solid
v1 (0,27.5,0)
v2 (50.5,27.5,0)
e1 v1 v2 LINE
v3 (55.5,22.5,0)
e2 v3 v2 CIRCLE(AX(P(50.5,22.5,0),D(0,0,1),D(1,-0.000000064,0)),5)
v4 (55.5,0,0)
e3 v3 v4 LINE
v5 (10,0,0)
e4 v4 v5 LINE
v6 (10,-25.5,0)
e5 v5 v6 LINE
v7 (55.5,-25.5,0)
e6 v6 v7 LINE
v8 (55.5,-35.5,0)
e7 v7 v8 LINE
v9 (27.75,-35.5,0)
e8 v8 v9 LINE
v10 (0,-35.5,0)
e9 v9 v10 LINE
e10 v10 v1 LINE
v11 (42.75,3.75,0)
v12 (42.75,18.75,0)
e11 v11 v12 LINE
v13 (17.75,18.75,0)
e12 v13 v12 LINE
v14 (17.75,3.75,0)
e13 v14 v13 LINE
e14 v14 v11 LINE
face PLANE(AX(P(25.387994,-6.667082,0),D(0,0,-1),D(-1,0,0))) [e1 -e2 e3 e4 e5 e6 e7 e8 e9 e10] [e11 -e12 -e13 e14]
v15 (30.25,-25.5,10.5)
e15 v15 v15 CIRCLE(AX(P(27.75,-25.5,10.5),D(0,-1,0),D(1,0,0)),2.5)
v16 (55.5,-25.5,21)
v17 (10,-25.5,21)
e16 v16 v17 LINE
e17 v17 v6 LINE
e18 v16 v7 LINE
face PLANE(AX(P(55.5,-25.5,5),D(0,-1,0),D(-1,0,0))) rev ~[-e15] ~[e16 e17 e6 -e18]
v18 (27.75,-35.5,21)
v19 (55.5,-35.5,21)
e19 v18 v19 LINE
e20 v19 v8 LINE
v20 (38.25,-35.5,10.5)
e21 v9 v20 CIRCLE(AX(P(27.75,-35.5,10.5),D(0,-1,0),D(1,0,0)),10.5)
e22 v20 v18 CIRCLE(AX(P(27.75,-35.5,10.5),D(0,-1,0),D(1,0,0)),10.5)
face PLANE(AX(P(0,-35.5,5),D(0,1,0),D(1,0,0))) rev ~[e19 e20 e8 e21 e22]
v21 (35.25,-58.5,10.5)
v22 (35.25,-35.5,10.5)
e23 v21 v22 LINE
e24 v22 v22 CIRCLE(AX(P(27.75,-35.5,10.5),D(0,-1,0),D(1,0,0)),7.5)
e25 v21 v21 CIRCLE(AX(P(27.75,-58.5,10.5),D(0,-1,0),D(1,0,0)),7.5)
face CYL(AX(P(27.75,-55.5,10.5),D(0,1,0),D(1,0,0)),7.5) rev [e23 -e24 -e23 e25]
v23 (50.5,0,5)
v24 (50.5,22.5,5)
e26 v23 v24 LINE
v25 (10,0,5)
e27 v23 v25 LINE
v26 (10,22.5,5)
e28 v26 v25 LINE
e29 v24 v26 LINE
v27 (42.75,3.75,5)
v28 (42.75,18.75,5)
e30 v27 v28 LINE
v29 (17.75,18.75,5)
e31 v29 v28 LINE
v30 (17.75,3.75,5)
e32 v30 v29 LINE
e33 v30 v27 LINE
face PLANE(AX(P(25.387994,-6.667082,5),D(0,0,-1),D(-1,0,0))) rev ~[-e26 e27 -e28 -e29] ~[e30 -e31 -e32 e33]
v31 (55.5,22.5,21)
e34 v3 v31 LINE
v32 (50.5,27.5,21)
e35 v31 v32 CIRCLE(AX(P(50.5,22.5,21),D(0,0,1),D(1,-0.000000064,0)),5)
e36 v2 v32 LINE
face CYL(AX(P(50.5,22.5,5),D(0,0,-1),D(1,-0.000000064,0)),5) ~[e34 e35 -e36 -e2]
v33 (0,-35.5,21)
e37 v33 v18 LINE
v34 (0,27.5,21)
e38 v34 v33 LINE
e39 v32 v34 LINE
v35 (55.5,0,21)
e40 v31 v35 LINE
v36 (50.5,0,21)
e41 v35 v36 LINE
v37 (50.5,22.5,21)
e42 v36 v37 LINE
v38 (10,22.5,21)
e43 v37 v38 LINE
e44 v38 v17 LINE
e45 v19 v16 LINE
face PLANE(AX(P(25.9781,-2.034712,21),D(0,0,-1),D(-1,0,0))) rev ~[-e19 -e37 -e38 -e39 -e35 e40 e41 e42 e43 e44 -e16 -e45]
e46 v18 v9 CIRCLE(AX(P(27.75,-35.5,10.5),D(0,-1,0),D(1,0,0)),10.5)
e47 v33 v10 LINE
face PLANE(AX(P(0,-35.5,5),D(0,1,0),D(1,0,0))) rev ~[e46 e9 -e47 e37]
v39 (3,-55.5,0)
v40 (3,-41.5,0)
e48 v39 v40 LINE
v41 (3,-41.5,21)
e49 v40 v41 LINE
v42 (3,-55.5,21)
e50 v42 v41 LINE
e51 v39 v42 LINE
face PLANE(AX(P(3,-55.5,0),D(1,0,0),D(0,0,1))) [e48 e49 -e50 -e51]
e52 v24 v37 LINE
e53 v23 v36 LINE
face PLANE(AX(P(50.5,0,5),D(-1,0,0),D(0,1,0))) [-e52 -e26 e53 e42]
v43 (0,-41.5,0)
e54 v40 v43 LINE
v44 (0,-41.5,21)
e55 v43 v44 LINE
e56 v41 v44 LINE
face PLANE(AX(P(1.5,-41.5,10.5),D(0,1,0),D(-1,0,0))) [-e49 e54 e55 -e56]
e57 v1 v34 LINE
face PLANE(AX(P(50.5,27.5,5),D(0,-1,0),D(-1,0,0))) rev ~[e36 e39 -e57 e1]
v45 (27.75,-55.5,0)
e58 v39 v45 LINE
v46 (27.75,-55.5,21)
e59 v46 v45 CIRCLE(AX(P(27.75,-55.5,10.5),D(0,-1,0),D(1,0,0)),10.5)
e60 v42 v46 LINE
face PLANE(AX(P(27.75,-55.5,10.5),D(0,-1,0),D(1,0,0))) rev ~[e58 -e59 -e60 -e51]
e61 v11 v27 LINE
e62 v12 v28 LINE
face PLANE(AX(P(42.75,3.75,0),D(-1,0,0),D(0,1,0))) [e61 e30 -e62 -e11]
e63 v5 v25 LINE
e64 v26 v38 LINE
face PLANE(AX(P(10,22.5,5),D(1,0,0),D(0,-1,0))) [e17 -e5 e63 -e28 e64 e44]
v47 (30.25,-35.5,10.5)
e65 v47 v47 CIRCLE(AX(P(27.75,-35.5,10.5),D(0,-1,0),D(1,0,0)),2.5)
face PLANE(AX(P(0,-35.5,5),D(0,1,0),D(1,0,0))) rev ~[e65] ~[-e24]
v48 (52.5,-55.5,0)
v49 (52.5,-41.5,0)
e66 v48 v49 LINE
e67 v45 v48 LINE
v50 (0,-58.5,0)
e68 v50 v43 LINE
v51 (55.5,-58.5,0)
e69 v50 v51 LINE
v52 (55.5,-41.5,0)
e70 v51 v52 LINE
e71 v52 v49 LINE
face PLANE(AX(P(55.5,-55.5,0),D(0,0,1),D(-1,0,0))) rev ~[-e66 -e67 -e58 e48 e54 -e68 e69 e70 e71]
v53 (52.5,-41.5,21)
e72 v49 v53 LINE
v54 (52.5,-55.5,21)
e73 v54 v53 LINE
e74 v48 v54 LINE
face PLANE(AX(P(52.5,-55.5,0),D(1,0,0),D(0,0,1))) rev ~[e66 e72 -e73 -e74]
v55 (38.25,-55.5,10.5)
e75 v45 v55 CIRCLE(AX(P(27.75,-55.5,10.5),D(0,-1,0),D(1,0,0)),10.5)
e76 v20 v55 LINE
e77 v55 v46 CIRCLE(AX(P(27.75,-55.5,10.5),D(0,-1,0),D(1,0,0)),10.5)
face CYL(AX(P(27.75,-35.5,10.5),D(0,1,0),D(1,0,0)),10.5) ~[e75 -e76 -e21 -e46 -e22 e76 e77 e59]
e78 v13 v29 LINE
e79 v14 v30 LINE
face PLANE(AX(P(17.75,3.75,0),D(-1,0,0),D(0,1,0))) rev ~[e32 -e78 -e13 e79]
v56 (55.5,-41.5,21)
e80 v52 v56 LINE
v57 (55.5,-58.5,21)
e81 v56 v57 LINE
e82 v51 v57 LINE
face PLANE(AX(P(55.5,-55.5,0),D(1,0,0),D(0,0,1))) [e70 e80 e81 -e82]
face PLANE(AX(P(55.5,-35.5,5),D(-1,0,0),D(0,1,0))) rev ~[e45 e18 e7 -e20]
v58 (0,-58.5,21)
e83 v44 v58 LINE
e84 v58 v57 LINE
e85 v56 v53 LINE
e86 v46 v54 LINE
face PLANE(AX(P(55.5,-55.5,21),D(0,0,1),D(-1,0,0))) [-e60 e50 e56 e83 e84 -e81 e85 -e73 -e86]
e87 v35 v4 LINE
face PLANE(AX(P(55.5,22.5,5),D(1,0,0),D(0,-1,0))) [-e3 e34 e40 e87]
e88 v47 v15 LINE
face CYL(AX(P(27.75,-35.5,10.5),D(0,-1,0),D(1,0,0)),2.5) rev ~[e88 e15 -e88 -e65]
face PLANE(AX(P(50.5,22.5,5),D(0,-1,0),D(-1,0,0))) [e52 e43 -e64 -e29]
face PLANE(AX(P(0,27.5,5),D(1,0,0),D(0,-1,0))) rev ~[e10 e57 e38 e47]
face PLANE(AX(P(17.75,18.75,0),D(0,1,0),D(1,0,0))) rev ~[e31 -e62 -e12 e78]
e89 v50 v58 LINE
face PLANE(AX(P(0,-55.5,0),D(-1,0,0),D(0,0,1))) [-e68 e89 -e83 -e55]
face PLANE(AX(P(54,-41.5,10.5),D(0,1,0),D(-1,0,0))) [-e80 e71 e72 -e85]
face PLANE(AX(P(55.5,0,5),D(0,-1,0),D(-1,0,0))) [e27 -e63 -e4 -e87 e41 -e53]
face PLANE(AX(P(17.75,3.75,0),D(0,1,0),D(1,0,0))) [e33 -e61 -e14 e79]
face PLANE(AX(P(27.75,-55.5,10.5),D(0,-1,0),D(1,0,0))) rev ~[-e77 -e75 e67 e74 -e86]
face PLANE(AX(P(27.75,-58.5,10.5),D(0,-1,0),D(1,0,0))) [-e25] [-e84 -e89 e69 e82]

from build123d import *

# Parameters (mm, degrees)
SKETCH_W      = 25
SKETCH_H      = 15
PAD_DEPTH     = 5
PAD001_DEPTH  = 16
SKETCH002_R   = 2.5
POCKET_DEPTH  = 15
SKETCH003_R   = 10.5
SKETCH003_R_2 = 7.5
PAD002_DEPTH  = 20
SKETCH004_W   = 55.5
SKETCH004_H   = 21
SKETCH004_R   = 7.5
PAD003_DEPTH  = 3
SKETCH005_W   = 3
SKETCH005_H   = 21
PAD004_DEPTH  = 14


with BuildPart() as part:
    # Sketch → Pad (new body)
    with BuildSketch(Plane.XY):
        with BuildLine():
            Line((0, -35.5), (0, 27.5))
            Line((0, 27.5), (50.5, 27.5))
            ThreePointArc((55.5, 22.5), (54.035534, 26.035534), (50.5, 27.5))
            Line((55.5, 22.5), (55.5, 0))
            Line((55.5, 0), (10, 0))
            Line((10, 0), (10, -25.5))
            Line((10, -25.5), (55.5, -25.5))
            Line((55.5, -25.5), (55.5, -35.5))
            Line((55.5, -35.5), (0, -35.5))
        make_face()
        with Locations((30.25, 11.25)):
            Rectangle(SKETCH_W, SKETCH_H, mode=Mode.SUBTRACT)
    extrude(amount=PAD_DEPTH)

    # Sketch001 (on Face15 of Pad) → Pad001 (join)
    with BuildSketch(Plane.XY.offset(5)):
        with BuildLine():
            Line((55.5, 22.5), (55.5, 0))
            Line((55.5, 0), (50.5, 0))
            Line((50.5, 0), (50.5, 22.5))
            Line((50.5, 22.5), (10, 22.5))
            Line((10, 22.5), (10, -25.5))
            Line((55.5, -25.5), (10, -25.5))
            Line((55.5, -35.5), (55.5, -25.5))
            Line((0, -35.5), (55.5, -35.5))
            Line((0, 27.5), (0, -35.5))
            Line((50.5, 27.5), (0, 27.5))
            ThreePointArc((55.5, 22.5), (54.035534, 26.035534), (50.5, 27.5))
        make_face()
    extrude(amount=PAD001_DEPTH)

    # Sketch002 (on Face26 of Pad001) → Pocket (cut)
    with BuildSketch(Plane.XZ.offset(35.5)):
        with Locations((27.75, 10.5)):
            Circle(SKETCH002_R)
    extrude(amount=-POCKET_DEPTH, mode=Mode.SUBTRACT)

    # Sketch003 (on Face26 of Pocket) → Pad002 (join)
    with BuildSketch(Plane.XZ.offset(35.5)):
        with Locations((27.75, 10.5)):
            Circle(SKETCH003_R)
        with Locations((27.75, 10.5)):
            Circle(SKETCH003_R_2, mode=Mode.SUBTRACT)
    extrude(amount=PAD002_DEPTH)

    # Sketch004 (on Face32 of Pad002) → Pad003 (join)
    with BuildSketch(Plane.XZ.offset(55.5)):
        with Locations((27.75, 10.5)):
            Rectangle(SKETCH004_W, SKETCH004_H)
        with Locations((27.75, 10.5)):
            Circle(SKETCH004_R, mode=Mode.SUBTRACT)
    extrude(amount=PAD003_DEPTH)

    # Sketch005 (on Face33 of Pad003) → Pad004 (join)
    with BuildSketch(Plane(origin=(0, -55.5, 0), x_dir=(-1, 0, 0), z_dir=(0, 1, 0))):
        with Locations((-54, 10.5)):
            Rectangle(SKETCH005_W, SKETCH005_H)
        with Locations((-1.5, 10.5)):
            Rectangle(SKETCH005_W, SKETCH005_H)
    extrude(amount=PAD004_DEPTH)


solid = part.part
